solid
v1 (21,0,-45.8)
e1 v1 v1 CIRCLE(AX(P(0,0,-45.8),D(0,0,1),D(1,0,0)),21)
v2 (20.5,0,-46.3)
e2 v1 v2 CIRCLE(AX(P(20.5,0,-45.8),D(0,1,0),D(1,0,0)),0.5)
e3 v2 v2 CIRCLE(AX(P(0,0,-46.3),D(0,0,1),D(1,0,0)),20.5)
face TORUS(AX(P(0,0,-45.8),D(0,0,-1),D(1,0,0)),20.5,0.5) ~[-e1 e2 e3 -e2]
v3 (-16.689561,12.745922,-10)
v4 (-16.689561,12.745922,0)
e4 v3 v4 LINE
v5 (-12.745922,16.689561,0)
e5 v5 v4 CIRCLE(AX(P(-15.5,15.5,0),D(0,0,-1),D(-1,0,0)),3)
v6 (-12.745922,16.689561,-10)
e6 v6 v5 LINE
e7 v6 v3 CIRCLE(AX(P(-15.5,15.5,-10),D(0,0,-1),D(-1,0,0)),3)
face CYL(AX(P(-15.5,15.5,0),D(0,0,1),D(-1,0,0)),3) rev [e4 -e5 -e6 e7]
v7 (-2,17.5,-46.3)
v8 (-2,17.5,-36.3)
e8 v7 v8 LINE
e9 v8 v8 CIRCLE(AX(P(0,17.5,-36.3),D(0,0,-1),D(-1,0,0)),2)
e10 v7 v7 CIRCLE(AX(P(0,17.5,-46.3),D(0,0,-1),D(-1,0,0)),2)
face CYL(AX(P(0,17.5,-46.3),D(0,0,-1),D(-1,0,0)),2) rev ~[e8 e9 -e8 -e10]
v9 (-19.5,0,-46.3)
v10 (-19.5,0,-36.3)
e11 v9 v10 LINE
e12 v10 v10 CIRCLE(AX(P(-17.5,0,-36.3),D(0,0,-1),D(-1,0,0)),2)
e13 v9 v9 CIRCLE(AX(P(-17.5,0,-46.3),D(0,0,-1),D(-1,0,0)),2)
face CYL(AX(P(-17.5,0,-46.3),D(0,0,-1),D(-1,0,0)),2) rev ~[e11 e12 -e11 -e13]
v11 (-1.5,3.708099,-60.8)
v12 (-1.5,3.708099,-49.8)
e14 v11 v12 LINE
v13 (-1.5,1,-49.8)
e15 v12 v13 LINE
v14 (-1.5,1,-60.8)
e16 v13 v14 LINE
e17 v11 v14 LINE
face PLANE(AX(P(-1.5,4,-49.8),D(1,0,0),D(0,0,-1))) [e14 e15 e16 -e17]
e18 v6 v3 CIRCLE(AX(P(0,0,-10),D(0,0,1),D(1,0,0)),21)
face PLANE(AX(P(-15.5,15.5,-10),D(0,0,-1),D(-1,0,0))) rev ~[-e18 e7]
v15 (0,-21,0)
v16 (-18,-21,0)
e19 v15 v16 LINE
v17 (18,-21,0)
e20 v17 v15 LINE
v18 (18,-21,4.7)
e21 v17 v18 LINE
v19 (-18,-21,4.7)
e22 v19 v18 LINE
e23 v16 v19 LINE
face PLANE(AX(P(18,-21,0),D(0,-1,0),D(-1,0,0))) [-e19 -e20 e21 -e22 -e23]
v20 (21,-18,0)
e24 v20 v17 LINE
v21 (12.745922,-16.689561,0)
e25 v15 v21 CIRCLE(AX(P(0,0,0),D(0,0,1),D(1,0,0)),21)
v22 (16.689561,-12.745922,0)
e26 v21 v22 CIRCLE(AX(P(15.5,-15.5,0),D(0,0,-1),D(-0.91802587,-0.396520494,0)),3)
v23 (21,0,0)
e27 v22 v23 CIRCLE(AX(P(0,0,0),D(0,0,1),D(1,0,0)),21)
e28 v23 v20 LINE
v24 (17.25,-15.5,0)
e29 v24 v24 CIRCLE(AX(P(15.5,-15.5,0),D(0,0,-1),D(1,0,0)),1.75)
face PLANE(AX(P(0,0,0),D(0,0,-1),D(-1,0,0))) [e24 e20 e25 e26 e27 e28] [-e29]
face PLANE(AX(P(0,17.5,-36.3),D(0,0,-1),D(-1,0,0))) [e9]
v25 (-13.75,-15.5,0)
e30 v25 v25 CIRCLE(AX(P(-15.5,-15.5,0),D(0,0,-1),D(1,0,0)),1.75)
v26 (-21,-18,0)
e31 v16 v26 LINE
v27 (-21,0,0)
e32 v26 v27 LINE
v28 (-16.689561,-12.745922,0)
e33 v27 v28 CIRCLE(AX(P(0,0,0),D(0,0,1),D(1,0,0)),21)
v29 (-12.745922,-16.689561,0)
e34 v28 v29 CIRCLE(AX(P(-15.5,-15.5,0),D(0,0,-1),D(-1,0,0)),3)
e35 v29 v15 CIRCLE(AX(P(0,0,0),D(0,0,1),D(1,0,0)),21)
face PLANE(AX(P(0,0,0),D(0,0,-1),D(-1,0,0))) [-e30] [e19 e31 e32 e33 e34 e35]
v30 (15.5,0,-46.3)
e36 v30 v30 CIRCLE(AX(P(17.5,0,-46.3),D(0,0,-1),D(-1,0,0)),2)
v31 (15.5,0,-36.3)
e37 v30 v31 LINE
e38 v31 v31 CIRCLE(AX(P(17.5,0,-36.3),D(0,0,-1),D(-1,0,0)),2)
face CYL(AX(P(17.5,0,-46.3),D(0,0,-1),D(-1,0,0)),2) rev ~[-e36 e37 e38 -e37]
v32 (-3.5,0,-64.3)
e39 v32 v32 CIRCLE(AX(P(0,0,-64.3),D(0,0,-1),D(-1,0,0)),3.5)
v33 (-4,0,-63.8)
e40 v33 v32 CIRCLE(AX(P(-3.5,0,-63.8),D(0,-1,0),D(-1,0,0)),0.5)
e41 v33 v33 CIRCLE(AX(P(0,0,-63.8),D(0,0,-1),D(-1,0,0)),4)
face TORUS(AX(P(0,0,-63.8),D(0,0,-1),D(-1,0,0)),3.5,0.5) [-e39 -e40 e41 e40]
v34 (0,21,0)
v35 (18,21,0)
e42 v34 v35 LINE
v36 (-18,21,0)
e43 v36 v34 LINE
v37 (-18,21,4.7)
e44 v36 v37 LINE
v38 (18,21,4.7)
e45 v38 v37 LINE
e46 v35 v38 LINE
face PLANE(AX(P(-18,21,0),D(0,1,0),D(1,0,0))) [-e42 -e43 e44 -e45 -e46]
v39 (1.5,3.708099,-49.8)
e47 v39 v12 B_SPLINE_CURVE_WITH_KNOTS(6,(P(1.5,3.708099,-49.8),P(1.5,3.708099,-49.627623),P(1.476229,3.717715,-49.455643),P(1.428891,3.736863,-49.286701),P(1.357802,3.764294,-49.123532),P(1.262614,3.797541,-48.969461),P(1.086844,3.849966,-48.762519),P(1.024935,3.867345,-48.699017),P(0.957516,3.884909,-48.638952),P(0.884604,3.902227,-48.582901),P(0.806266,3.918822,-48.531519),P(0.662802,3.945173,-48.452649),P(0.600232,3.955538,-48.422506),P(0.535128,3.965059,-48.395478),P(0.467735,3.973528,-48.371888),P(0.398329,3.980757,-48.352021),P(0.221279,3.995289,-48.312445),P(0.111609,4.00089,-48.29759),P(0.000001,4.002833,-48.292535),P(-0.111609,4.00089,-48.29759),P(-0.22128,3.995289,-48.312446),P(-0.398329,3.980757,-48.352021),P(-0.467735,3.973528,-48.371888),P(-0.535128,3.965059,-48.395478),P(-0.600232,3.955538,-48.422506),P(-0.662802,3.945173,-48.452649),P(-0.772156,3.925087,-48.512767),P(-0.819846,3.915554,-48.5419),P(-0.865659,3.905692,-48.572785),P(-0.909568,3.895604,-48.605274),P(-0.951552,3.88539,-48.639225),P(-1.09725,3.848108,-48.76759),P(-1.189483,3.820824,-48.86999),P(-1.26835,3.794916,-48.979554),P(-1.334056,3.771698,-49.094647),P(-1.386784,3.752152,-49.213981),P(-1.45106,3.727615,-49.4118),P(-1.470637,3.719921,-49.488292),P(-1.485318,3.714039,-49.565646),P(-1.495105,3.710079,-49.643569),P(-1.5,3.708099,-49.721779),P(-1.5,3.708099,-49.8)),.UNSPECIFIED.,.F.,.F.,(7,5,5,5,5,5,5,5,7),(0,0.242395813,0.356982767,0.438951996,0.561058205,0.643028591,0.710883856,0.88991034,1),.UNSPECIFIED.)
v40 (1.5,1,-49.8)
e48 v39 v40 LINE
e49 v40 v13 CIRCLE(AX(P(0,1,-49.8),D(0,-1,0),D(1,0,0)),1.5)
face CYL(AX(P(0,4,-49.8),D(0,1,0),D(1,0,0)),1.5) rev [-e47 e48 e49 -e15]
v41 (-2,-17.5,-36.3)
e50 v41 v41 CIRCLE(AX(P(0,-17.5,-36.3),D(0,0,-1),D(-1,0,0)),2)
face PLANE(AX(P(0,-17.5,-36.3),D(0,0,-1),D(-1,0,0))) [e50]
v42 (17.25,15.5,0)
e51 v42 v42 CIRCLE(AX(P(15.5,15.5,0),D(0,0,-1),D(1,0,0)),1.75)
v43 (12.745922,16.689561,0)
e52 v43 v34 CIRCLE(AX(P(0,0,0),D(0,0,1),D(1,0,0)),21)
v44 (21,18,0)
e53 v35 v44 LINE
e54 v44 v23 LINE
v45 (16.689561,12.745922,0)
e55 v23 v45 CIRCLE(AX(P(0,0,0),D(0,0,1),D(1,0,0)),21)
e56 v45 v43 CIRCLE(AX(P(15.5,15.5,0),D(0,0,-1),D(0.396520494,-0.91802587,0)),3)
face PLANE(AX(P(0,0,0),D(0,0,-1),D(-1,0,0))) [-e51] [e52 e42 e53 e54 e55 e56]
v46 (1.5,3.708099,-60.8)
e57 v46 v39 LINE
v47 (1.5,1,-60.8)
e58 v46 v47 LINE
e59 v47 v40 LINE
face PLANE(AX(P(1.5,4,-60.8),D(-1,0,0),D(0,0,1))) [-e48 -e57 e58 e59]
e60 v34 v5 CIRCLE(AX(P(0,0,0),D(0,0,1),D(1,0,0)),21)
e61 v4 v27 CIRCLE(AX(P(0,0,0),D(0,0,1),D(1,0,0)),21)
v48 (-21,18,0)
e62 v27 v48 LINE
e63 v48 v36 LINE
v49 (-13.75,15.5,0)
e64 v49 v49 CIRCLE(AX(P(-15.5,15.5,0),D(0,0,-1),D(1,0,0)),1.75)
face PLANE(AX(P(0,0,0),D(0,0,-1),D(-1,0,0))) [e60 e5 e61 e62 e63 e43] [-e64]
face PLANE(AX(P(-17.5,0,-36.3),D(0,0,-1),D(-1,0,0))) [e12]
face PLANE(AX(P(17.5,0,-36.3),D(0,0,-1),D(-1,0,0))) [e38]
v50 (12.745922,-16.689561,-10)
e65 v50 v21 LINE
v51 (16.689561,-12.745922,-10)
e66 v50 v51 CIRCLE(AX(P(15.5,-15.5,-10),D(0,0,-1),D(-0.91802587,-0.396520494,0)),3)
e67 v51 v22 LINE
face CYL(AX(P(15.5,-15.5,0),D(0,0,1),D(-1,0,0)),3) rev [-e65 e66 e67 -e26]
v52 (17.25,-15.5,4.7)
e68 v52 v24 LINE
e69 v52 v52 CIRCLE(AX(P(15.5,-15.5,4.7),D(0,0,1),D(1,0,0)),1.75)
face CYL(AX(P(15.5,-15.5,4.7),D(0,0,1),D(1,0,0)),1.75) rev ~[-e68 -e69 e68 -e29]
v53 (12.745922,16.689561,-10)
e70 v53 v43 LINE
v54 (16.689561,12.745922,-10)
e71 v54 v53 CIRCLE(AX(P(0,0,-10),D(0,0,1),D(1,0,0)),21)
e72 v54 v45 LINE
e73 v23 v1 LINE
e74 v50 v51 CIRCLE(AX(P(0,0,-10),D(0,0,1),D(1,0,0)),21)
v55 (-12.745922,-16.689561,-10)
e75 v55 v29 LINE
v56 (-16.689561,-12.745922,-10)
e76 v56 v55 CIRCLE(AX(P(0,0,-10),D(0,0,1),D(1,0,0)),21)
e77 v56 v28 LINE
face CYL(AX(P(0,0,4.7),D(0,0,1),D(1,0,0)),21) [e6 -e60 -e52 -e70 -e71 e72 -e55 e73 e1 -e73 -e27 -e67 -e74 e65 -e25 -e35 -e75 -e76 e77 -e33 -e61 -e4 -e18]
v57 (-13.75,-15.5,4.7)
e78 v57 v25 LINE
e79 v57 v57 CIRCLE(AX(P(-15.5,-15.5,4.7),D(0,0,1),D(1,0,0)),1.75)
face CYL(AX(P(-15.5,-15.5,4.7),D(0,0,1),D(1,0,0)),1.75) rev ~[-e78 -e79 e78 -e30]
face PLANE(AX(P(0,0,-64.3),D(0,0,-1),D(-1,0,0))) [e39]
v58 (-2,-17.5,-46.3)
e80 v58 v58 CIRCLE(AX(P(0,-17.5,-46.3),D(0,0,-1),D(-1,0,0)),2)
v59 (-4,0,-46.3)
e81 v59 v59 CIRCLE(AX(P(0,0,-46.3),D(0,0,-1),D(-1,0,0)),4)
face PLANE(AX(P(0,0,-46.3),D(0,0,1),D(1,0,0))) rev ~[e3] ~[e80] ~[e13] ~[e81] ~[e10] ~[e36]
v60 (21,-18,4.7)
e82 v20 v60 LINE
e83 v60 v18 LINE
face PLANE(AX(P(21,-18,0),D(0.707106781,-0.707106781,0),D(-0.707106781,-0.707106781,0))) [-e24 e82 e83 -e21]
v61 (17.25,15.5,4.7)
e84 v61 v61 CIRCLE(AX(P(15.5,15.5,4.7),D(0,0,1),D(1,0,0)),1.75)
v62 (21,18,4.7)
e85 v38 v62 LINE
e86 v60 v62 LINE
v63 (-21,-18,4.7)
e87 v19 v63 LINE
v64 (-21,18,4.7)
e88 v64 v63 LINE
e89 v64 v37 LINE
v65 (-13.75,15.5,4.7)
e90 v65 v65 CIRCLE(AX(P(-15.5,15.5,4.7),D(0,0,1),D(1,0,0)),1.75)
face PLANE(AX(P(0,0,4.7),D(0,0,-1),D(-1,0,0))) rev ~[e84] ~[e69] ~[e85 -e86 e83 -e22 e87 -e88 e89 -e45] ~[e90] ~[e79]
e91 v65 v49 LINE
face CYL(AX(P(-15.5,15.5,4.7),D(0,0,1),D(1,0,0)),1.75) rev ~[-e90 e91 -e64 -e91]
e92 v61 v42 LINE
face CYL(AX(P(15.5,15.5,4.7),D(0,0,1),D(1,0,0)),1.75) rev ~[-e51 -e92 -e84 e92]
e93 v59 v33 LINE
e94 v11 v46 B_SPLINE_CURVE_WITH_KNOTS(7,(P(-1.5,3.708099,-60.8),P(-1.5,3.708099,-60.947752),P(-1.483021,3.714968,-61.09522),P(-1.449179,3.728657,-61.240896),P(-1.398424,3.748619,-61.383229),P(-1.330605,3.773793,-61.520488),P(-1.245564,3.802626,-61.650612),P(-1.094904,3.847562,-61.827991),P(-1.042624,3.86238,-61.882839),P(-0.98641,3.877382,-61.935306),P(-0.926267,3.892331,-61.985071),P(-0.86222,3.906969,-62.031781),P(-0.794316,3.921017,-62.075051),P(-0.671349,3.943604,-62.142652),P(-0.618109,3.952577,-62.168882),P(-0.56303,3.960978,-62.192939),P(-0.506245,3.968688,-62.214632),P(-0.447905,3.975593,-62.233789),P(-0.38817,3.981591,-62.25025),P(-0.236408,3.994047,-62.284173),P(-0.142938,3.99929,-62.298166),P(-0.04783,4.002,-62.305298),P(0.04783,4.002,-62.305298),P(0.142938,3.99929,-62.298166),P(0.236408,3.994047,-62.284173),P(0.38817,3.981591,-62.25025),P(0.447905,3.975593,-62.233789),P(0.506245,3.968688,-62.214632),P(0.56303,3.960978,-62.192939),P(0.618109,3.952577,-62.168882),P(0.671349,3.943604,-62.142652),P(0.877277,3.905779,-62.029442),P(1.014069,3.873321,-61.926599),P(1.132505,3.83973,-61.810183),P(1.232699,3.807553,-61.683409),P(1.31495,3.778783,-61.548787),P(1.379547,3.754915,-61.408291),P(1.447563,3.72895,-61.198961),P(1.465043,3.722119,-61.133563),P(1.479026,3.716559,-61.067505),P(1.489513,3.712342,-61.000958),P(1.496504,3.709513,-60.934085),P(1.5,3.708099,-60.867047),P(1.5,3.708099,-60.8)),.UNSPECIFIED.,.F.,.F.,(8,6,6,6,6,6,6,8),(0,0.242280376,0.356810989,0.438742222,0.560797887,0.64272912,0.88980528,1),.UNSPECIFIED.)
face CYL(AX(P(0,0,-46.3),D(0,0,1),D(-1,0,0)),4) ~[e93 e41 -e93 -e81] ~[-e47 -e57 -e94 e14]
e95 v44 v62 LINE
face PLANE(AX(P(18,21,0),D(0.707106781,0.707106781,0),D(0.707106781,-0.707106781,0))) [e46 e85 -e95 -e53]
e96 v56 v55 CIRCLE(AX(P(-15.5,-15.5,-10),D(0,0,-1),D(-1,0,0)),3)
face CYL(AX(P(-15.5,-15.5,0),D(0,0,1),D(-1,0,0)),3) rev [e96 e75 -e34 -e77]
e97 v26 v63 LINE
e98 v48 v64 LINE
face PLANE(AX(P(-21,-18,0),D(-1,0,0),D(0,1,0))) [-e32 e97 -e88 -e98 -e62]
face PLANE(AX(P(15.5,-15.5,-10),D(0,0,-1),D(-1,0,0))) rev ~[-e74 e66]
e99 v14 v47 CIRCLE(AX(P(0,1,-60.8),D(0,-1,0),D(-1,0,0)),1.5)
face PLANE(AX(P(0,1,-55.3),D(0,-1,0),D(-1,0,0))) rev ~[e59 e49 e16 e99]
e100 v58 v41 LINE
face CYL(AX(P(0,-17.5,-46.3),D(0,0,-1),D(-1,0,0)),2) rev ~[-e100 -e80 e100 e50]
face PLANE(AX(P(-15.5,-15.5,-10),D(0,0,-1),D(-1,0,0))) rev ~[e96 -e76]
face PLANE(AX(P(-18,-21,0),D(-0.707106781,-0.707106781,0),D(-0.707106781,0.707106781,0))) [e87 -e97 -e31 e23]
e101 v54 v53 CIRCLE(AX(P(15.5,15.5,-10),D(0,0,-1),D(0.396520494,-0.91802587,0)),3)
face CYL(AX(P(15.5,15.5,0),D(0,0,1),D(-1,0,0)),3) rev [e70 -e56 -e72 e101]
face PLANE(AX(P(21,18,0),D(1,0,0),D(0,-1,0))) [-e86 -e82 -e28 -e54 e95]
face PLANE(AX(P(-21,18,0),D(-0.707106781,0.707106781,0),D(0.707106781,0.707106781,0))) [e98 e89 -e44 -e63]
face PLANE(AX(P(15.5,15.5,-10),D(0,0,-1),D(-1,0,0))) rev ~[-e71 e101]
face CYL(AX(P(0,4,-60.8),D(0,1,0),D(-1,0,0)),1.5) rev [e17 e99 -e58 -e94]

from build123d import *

# Parameters (mm, degrees)
BOSS_EXTRUDE1_DEPTH = 4.7
SKETCH2_R           = 21
BOSS_EXTRUDE2_DEPTH = 51
SKETCH3_R           = 4
BOSS_EXTRUDE3_DEPTH = 18
SKETCH5_R           = 1.75
CUT_EXTRUDE1_DEPTH  = 10
SKETCH6_R           = 3
CUT_EXTRUDE2_DEPTH  = 10
CUT_EXTRUDE3_DEPTH  = 3
FILLET1_R           = 0.5
SKETCH8_R           = 2
CUT_EXTRUDE4_DEPTH  = 10


with BuildPart() as part:
    # Sketch1 → Boss-Extrude1 (new body)
    with BuildSketch(Plane.XY):
        Polygon((-21, 18), (-18, 21), (18, 21), (21, 18), (21, -18), (18, -21), (-18, -21), (-21, -18), align=None)
    extrude(amount=BOSS_EXTRUDE1_DEPTH)

    # Sketch2 → Boss-Extrude2 (add)
    with BuildSketch(Plane.XY.offset(4.7)):
        Circle(SKETCH2_R)
    extrude(amount=-BOSS_EXTRUDE2_DEPTH)

    # Sketch3 → Boss-Extrude3 (add)
    with BuildSketch(Plane(origin=(0, 0, -46.3), x_dir=(-1, 0, 0), z_dir=(0, 0, -1))):
        Circle(SKETCH3_R)
    extrude(amount=BOSS_EXTRUDE3_DEPTH)

    # Sketch5 → Cut-Extrude1 (cut)
    with BuildSketch(Plane.XY.offset(4.7)):
        with Locations((-15.5, 15.5)):
            Circle(SKETCH5_R)
        with Locations((15.5, 15.5)):
            Circle(SKETCH5_R)
        with Locations((-15.5, -15.5)):
            Circle(SKETCH5_R)
        with Locations((15.5, -15.5)):
            Circle(SKETCH5_R)
    extrude(amount=-CUT_EXTRUDE1_DEPTH, mode=Mode.SUBTRACT)

    # Sketch6 → Cut-Extrude2 (cut)
    with BuildSketch(Plane(origin=(0, 0, 0), x_dir=(-1, 0, 0), z_dir=(0, 0, -1))):
        with Locations((-15.5, 15.5)):
            Circle(SKETCH6_R)
        with Locations((-15.5, -15.5)):
            Circle(SKETCH6_R)
        with Locations((15.5, -15.5)):
            Circle(SKETCH6_R)
        with Locations((15.5, 15.5)):
            Circle(SKETCH6_R)
    extrude(amount=CUT_EXTRUDE2_DEPTH, mode=Mode.SUBTRACT)

    # Sketch7 → Cut-Extrude3 (cut)
    with BuildSketch(Plane(origin=(0, 4, 0), x_dir=(1, 0, 0), z_dir=(0, 1, 0))):
        with BuildLine():
            Line((1.5, 60.8), (1.5, 49.8))
            ThreePointArc((1.5, 49.8), (0, 48.3), (-1.5, 49.8))
            Line((-1.5, 49.8), (-1.5, 60.8))
            ThreePointArc((-1.5, 60.8), (0, 62.3), (1.5, 60.8))
        make_face()
    extrude(amount=-CUT_EXTRUDE3_DEPTH, mode=Mode.SUBTRACT)

    # Fillet1
    fillet1_edges = [part.edges().sort_by_distance(p)[0] for p in [
        (-21, 0, -46.3),
        (4, 0, -64.3),
    ]]
    fillet(fillet1_edges, radius=FILLET1_R)

    # Sketch8 → Cut-Extrude4 (cut)
    with BuildSketch(Plane(origin=(0, 0, -46.3), x_dir=(-1, 0, 0), z_dir=(0, 0, -1))):
        with Locations((0, 17.5)):
            Circle(SKETCH8_R)
        with Locations((-17.5, 0)):
            Circle(SKETCH8_R)
        with Locations((0, -17.5)):
            Circle(SKETCH8_R)
        with Locations((17.5, 0)):
            Circle(SKETCH8_R)
    extrude(amount=-CUT_EXTRUDE4_DEPTH, mode=Mode.SUBTRACT)


solid = part.part
